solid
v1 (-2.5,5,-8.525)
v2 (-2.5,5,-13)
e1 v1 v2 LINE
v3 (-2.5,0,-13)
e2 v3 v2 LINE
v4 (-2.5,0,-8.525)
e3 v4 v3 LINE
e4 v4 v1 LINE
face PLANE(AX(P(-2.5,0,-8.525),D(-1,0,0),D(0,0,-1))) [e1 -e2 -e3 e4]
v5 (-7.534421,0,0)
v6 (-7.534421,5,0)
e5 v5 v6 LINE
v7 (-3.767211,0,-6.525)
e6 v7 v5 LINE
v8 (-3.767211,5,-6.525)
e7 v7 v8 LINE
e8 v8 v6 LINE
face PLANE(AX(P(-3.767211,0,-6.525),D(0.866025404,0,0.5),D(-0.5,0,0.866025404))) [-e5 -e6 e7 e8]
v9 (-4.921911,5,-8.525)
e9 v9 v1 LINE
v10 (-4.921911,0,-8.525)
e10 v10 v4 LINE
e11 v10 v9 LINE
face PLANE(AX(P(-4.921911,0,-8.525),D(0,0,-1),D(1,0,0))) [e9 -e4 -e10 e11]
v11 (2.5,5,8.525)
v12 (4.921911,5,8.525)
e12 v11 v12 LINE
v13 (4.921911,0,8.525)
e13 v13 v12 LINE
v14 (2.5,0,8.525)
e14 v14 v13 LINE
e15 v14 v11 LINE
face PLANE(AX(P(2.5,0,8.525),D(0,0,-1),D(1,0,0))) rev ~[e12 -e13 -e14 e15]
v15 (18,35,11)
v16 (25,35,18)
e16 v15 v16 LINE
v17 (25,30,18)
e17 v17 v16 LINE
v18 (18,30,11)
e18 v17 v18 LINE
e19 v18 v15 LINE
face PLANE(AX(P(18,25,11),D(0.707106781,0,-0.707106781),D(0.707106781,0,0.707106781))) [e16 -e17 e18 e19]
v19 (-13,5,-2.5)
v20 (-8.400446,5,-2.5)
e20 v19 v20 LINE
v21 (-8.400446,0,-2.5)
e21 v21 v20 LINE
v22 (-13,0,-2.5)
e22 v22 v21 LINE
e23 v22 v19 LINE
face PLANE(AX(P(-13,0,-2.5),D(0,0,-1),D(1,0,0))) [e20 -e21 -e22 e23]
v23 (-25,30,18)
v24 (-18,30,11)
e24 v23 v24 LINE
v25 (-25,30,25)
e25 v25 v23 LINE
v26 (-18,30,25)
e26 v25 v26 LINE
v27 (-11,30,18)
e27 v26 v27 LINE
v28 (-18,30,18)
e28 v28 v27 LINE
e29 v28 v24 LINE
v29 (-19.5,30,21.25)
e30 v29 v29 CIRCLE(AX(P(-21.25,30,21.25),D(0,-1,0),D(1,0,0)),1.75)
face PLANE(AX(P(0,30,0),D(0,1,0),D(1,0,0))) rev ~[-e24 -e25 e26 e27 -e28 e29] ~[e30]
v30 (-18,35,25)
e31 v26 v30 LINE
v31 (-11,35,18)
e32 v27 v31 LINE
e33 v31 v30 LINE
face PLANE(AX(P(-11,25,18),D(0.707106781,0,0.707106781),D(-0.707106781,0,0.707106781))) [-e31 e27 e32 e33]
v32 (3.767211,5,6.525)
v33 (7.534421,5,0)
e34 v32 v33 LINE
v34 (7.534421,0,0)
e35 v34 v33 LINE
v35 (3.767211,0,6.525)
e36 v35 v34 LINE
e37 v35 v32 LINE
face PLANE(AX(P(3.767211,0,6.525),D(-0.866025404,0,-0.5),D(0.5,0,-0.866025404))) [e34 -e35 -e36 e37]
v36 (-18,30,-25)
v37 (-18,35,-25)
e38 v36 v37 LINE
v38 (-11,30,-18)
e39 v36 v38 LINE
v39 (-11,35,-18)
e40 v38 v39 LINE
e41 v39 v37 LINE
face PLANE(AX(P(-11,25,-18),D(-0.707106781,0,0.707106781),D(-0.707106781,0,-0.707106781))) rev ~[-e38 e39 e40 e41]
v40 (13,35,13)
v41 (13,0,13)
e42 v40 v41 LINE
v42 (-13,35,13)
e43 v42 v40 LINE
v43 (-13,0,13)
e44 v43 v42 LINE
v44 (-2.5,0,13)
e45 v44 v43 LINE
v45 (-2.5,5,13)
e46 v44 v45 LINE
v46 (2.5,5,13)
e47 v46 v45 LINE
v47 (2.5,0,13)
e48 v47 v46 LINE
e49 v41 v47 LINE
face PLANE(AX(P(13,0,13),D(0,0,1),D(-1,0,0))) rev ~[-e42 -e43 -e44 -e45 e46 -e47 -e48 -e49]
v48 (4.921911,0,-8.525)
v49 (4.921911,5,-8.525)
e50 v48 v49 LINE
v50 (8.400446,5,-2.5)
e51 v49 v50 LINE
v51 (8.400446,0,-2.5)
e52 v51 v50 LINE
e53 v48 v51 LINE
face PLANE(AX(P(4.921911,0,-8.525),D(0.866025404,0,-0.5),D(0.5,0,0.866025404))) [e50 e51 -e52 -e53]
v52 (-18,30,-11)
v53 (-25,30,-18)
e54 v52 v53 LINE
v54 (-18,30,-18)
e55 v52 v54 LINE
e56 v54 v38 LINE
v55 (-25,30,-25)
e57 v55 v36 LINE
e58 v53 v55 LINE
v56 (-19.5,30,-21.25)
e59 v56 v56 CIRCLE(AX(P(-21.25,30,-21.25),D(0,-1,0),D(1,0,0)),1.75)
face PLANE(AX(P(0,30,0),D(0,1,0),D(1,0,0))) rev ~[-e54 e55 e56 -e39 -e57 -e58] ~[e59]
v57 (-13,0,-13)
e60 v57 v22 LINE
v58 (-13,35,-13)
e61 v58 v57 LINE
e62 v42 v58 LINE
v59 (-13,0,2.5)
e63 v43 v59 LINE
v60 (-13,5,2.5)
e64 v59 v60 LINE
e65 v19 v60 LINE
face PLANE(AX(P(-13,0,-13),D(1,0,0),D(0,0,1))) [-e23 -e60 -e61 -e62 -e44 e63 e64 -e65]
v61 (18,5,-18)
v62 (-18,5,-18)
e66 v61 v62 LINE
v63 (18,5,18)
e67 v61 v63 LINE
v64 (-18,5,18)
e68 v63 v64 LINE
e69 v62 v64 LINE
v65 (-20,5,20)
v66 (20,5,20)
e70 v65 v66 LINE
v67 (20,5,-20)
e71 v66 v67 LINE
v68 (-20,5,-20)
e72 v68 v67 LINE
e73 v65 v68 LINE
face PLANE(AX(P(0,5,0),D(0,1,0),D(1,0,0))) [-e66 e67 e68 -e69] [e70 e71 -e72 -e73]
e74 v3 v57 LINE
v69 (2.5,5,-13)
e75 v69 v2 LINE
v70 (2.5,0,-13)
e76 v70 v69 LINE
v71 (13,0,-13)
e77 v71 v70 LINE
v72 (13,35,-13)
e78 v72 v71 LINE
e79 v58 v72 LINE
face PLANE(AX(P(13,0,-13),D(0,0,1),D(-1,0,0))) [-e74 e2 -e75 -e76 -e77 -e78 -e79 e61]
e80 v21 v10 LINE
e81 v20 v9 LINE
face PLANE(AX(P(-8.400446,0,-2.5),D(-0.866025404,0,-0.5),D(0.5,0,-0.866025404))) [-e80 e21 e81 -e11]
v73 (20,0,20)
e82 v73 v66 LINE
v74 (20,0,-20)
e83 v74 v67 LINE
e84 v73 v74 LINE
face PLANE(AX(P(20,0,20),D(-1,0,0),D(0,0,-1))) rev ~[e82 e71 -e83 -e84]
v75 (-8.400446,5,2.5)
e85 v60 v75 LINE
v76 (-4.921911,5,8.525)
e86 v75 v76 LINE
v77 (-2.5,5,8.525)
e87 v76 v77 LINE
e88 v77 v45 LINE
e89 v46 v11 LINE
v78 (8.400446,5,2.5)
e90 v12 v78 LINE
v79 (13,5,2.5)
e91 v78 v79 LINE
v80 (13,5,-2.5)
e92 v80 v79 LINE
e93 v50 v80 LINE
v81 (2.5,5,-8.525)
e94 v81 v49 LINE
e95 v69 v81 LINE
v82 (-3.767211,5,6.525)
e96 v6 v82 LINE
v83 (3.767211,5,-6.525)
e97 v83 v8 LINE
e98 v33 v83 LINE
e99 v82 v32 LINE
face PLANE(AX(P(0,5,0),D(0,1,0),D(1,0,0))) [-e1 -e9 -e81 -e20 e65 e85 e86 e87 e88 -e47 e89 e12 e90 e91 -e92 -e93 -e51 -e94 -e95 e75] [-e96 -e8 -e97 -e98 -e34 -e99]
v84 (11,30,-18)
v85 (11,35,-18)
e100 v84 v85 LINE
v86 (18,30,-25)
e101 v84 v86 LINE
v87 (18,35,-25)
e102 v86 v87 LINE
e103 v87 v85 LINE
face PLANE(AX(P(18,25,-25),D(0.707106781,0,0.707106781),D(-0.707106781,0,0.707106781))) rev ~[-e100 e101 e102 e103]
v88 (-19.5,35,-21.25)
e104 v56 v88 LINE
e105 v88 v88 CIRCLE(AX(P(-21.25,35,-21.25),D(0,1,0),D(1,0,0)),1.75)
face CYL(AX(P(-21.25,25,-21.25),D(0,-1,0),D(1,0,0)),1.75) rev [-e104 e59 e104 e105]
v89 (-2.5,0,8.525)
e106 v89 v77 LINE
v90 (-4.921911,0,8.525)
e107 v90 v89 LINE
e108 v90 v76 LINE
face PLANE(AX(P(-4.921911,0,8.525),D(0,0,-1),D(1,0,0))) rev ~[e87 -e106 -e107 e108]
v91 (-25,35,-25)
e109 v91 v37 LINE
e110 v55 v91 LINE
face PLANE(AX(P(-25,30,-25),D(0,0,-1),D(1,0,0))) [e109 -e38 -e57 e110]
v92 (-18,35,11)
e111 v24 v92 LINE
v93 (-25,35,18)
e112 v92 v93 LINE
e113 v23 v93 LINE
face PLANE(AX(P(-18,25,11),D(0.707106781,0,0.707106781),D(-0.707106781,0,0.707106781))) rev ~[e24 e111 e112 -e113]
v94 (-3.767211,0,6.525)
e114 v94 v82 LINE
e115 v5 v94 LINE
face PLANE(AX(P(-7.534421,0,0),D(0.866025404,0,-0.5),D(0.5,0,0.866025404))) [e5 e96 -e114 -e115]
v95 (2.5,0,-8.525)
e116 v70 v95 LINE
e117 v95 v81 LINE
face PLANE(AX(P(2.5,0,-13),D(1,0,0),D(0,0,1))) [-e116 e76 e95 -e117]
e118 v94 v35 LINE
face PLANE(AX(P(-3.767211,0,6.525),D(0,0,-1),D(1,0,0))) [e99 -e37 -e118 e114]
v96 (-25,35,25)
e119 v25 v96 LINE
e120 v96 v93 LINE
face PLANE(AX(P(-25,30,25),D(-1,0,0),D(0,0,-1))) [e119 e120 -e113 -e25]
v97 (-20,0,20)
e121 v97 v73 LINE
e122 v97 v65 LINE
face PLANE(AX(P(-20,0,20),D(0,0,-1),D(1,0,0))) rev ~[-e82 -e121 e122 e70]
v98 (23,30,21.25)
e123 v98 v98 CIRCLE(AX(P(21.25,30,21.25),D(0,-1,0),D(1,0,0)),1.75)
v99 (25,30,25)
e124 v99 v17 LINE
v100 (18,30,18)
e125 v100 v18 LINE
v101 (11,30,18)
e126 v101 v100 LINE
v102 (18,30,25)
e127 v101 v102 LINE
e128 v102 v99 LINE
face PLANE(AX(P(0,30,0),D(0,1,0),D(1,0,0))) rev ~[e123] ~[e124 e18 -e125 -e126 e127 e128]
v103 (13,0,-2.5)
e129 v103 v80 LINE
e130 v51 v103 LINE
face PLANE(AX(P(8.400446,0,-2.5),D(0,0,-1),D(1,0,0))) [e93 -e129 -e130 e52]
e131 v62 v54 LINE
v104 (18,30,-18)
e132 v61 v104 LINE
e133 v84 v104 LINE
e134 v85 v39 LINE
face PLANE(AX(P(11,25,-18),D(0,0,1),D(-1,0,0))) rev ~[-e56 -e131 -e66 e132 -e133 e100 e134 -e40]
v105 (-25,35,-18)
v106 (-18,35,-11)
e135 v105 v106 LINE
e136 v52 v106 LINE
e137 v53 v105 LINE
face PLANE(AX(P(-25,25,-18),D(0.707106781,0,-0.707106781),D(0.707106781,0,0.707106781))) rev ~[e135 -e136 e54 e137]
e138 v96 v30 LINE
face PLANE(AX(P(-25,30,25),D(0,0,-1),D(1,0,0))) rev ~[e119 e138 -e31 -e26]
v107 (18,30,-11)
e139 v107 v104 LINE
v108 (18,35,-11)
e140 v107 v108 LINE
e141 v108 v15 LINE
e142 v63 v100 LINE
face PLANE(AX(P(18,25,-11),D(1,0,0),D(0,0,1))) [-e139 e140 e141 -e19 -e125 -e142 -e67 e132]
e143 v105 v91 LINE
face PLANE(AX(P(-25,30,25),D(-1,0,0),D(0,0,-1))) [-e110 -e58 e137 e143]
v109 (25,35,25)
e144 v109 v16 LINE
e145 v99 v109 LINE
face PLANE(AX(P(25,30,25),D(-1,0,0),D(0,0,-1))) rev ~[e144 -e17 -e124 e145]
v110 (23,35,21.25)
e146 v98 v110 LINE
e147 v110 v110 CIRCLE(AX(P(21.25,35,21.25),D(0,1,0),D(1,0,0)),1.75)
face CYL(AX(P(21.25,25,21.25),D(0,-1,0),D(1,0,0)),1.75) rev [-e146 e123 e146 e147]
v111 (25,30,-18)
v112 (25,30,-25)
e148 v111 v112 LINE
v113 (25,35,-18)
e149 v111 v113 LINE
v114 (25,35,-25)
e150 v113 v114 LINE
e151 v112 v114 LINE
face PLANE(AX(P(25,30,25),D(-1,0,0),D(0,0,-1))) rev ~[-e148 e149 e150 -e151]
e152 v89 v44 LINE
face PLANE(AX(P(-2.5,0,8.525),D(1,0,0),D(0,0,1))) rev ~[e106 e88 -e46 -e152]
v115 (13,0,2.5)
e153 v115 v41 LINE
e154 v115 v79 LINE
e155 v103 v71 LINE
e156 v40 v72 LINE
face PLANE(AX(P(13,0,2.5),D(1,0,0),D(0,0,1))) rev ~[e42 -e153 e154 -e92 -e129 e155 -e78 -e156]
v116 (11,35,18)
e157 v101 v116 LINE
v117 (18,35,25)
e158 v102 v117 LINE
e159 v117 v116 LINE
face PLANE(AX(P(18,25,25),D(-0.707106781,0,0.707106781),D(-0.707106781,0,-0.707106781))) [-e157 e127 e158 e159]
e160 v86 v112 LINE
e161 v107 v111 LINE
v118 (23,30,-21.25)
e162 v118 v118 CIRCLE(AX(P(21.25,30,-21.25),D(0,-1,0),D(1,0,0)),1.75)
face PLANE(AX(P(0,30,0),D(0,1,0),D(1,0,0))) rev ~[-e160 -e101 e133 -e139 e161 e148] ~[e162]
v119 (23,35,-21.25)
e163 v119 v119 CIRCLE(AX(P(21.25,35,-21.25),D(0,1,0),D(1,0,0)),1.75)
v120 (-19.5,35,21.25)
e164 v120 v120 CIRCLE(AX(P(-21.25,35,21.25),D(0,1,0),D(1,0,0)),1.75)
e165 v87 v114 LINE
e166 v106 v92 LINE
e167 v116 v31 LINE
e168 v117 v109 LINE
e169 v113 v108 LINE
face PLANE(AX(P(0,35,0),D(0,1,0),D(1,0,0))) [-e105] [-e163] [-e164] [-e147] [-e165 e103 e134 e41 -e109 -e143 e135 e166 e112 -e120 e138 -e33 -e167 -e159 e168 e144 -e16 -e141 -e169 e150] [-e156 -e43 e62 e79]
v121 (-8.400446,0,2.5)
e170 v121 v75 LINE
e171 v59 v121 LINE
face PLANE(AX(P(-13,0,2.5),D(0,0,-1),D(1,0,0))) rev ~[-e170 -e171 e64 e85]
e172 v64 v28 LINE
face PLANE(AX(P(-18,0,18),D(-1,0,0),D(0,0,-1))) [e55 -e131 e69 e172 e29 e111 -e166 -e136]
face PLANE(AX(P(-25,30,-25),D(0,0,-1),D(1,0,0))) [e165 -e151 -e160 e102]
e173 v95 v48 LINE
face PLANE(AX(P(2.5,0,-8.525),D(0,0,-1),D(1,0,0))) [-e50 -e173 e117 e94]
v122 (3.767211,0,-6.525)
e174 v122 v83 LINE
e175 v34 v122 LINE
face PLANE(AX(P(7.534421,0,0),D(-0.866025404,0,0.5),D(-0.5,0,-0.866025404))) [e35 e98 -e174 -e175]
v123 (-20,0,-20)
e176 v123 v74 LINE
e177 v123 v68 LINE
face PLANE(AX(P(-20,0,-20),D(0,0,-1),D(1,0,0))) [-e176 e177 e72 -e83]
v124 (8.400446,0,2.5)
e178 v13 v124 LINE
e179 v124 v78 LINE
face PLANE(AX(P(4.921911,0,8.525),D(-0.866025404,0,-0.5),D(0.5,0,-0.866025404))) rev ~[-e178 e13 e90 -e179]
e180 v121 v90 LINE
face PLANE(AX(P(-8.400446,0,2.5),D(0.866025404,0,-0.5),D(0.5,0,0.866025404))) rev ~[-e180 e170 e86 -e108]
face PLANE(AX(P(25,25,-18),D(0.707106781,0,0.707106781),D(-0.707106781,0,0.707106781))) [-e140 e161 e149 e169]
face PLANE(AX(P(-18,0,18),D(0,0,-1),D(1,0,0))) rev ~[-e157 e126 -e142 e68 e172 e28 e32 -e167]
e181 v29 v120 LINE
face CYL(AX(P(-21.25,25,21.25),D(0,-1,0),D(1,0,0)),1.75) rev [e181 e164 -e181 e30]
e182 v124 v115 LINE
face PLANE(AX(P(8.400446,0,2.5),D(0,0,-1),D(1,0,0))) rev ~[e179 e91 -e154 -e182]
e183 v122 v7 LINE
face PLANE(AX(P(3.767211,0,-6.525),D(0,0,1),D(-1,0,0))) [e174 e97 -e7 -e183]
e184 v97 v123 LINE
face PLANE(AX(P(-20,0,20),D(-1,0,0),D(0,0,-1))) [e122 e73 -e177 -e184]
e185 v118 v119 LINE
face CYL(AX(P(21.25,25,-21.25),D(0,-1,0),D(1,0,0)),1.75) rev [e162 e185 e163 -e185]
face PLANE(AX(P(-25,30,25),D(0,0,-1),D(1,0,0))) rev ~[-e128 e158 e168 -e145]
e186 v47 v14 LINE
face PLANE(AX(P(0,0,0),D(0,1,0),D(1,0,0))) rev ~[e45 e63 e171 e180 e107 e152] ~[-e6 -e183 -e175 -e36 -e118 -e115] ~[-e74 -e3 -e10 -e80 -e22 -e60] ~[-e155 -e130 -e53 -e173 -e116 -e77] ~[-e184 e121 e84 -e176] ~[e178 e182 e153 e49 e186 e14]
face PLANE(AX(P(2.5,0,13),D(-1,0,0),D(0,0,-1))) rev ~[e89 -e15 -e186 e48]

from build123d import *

# Parameters (mm, degrees)
SKETCH4_W           = 40
SKETCH4_H           = 40
BOSS_EXTRUDE3_DEPTH = 5
SKETCH1_W           = 36
SKETCH1_H           = 36
SKETCH1_W_2         = 26
SKETCH1_H_2         = 26
BOSS_EXTRUDE4_DEPTH = 35
SKETCH9_W           = 50
SKETCH9_H           = 50
SKETCH9_W_2         = 26
SKETCH9_H_2         = 26
BOSS_EXTRUDE6_DEPTH = 5
SKETCH10_R          = 1.75
CUT_EXTRUDE2_DEPTH  = 10
CUT_EXTRUDE3_DEPTH  = 10


with BuildPart() as part:
    # Sketch4 → Boss-Extrude3 (new body)
    with BuildSketch(Plane(origin=(0, 0, 0), x_dir=(1, 0, 0), z_dir=(0, 1, 0))):
        Rectangle(SKETCH4_W, SKETCH4_H)
        Polygon((-2.5, -8.525), (-2.5, -13), (-13, -13), (-13, -2.5), (-8.400446417, -2.5), (-4.921911045, -8.525), align=None, mode=Mode.SUBTRACT)
        Polygon((7.534421013, 0), (3.767210506, 6.525), (-3.767210506, 6.525), (-7.534421013, 0), (-3.767210506, -6.525), (3.767210506, -6.525), align=None, mode=Mode.SUBTRACT)
        Polygon((13, 13), (2.5, 13), (2.5, 8.525), (4.921911045, 8.525), (8.400446417, 2.5), (13, 2.5), align=None, mode=Mode.SUBTRACT)
        Polygon((13, -13), (2.5, -13), (2.5, -8.525), (4.921911045, -8.525), (8.400446417, -2.5), (13, -2.5), align=None, mode=Mode.SUBTRACT)
        Polygon((-13, 13), (-13, 2.5), (-8.400446417, 2.5), (-4.921911045, 8.525), (-2.5, 8.525), (-2.5, 13), align=None, mode=Mode.SUBTRACT)
    extrude(amount=BOSS_EXTRUDE3_DEPTH)

    # Sketch1 → Boss-Extrude4 (add)
    with BuildSketch(Plane(origin=(0, 0, 0), x_dir=(1, 0, 0), z_dir=(0, 1, 0))):
        Rectangle(SKETCH1_W, SKETCH1_H)
        Rectangle(SKETCH1_W_2, SKETCH1_H_2, mode=Mode.SUBTRACT)
    extrude(amount=BOSS_EXTRUDE4_DEPTH)

    # Sketch9 → Boss-Extrude6 (add)
    with BuildSketch(Plane(origin=(0, 30, 0), x_dir=(1, 0, 0), z_dir=(0, 1, 0))):
        Rectangle(SKETCH9_W, SKETCH9_H)
        Rectangle(SKETCH9_W_2, SKETCH9_H_2, mode=Mode.SUBTRACT)
    extrude(amount=BOSS_EXTRUDE6_DEPTH)

    # Sketch10 → Cut-Extrude2 (cut)
    with BuildSketch(Plane(origin=(0, 25, 0), x_dir=(1, 0, 0), z_dir=(0, 1, 0))):
        with Locations((-21.25, 21.25)):
            Circle(SKETCH10_R)
        with Locations((21.25, 21.25)):
            Circle(SKETCH10_R)
        with Locations((21.25, -21.25)):
            Circle(SKETCH10_R)
        with Locations((-21.25, -21.25)):
            Circle(SKETCH10_R)
    extrude(amount=CUT_EXTRUDE2_DEPTH, mode=Mode.SUBTRACT)

    # Sketch11 → Cut-Extrude3 (cut)
    with BuildSketch(Plane(origin=(0, 25, 0), x_dir=(1, 0, 0), z_dir=(0, 1, 0))):
        Polygon((11, 18), (-11, 18), (-18, 25), (18, 25), align=None)
        Polygon((18, 11), (18, -11), (25, -18), (25, 18), align=None)
        Polygon((11, -18), (-11, -18), (-18, -25), (18, -25), align=None)
        Polygon((-18, 11), (-18, -11), (-25, -18), (-25, 18), align=None)
    extrude(amount=CUT_EXTRUDE3_DEPTH, mode=Mode.SUBTRACT)


solid = part.part
